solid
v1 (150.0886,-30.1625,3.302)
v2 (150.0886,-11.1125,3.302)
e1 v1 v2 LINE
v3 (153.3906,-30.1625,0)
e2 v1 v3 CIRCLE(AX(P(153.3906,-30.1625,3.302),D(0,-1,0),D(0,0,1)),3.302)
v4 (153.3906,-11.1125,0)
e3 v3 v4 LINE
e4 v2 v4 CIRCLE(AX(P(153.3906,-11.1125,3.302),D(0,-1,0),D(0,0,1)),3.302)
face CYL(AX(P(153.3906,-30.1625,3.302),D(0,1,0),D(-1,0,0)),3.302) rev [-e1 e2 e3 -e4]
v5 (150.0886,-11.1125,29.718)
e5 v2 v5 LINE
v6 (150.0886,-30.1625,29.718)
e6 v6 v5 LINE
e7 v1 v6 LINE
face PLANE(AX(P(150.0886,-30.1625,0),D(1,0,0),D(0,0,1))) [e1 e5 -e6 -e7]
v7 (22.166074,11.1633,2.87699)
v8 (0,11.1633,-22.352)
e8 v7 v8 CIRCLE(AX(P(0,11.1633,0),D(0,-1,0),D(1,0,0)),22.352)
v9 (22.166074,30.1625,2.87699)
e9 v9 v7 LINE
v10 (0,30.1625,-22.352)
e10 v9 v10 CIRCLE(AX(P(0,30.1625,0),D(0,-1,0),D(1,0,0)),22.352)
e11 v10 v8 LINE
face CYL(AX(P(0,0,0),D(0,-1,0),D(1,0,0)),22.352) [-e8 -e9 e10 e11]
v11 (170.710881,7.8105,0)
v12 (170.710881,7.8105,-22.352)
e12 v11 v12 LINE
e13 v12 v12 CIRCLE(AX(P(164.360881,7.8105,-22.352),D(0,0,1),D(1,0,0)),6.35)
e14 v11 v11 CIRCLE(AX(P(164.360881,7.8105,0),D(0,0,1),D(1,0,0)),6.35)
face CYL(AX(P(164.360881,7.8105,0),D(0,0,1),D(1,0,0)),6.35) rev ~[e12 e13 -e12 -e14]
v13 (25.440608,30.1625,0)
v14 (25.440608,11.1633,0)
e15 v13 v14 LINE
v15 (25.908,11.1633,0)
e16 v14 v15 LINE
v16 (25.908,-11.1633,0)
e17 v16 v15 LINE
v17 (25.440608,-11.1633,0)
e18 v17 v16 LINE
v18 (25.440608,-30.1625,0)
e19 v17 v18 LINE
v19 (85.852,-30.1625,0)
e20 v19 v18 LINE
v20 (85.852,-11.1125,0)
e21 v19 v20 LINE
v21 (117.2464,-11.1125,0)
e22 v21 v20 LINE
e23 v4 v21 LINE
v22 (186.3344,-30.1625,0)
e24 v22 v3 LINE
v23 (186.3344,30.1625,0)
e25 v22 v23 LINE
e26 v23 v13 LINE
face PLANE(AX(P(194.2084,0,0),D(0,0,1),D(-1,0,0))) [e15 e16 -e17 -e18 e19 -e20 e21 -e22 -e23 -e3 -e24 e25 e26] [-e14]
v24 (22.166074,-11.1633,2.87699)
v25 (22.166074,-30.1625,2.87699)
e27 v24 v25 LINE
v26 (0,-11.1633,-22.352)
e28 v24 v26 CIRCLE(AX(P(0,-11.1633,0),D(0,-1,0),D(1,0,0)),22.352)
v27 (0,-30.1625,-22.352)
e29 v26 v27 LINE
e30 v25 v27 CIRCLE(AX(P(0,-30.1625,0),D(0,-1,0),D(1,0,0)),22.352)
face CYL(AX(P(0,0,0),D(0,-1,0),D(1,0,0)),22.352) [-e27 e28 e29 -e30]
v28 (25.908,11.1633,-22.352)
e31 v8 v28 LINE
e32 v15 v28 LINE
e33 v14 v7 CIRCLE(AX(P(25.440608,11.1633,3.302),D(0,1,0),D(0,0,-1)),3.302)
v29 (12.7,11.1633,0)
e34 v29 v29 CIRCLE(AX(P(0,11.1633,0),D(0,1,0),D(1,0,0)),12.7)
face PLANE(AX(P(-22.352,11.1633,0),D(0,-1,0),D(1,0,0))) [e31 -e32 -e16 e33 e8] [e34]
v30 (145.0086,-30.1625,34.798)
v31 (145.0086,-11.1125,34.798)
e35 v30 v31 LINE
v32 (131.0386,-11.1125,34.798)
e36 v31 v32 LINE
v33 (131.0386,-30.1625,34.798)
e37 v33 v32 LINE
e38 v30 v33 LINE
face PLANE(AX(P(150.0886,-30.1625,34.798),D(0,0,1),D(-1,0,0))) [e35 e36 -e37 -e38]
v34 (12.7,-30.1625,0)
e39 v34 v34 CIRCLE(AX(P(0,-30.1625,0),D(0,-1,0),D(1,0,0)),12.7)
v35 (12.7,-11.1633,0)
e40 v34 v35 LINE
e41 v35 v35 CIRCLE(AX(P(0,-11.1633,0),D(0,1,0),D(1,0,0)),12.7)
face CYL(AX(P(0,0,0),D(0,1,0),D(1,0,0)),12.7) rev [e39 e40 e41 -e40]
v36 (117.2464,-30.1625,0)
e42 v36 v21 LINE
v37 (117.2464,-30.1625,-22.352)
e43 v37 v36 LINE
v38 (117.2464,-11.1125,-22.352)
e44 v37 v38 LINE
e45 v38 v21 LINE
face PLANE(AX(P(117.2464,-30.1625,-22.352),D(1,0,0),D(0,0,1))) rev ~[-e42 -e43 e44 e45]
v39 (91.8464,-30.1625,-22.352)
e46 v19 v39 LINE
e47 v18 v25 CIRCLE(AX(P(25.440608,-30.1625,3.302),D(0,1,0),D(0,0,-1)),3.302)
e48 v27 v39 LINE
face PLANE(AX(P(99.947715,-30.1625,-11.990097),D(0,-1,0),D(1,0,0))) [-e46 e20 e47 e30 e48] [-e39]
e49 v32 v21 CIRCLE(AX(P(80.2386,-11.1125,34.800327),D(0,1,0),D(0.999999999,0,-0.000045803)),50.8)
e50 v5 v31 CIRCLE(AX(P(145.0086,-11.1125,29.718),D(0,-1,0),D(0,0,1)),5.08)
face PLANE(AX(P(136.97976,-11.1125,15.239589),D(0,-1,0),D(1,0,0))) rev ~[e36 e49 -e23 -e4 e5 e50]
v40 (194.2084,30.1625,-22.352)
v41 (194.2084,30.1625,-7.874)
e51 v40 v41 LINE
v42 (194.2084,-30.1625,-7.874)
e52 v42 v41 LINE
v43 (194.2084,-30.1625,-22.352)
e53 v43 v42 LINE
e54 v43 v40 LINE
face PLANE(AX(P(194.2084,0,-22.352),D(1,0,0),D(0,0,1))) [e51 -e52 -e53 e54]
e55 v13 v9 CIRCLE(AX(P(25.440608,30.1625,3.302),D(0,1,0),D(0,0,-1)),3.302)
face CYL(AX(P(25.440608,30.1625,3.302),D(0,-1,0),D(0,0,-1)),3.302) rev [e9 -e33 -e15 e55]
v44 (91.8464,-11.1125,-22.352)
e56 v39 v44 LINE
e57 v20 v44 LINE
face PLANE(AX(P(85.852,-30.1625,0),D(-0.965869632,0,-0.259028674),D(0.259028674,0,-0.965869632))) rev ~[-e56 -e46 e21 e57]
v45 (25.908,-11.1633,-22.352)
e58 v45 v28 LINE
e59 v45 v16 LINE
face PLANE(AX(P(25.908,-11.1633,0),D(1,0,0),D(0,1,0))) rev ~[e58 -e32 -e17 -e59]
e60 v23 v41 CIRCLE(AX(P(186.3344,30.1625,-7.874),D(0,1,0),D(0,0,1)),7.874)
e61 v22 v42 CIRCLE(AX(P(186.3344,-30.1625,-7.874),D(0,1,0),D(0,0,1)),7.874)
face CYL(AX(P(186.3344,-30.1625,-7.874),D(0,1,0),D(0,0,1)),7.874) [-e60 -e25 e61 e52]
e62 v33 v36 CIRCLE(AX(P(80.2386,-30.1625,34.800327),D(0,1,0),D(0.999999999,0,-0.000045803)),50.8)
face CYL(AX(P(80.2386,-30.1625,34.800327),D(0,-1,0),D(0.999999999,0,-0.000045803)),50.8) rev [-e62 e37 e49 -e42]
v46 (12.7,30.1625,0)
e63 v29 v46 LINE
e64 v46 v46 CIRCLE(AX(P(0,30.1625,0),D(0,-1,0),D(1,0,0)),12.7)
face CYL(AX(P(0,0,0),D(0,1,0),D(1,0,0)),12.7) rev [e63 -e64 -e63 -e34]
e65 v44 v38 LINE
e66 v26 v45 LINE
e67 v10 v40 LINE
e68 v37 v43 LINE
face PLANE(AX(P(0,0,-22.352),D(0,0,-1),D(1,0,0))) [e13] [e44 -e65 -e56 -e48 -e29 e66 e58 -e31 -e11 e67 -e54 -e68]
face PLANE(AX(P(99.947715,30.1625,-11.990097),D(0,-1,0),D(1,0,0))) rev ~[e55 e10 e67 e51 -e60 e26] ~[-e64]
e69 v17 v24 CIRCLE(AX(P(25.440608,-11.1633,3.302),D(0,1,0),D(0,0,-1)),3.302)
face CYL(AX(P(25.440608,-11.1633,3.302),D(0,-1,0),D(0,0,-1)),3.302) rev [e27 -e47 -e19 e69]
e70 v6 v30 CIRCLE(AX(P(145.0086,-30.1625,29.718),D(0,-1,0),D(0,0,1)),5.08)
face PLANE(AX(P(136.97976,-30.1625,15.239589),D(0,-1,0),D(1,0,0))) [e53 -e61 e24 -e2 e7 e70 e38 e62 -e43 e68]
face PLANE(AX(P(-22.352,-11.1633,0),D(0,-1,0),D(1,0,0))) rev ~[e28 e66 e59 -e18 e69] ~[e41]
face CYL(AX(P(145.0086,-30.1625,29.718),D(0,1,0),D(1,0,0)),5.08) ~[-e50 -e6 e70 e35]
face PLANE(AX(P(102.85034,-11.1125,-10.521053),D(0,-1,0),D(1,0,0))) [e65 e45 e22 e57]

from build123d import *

# Parameters (mm, degrees)
F0_R     = 12.7
F1_DEPTH = 30.1625
F2_W     = 48.26
F2_H     = 22.3266
F3_DEPTH = 22.352
F5_DEPTH = 19.05
F7_DEPTH = 19.05
F8_R     = 6.35
F9_DEPTH = 22.353
F10_R    = 3.302
F11_R    = 7.874
F12_R    = 5.08


with BuildPart() as f1:
    # F0 (on Front) → F1 (new body, symmetric)
    with BuildSketch(Plane.XZ):
        with BuildLine():
            Line((194.2084, 0), (22.352, 0))
            ThreePointArc((22.352, 0), (15.8052507731, -15.8052507731), (0, -22.352))
            Line((0, -22.352), (194.2084, -22.352))
            Line((194.2084, -22.352), (194.2084, 0))
        make_face()
        with BuildLine():
            ThreePointArc((0, -22.352), (15.8052507731, -15.8052507731), (22.352, 0))
            ThreePointArc((22.352, 0), (-15.8052507731, 15.8052507731), (0, -22.352))
        make_face()
        Circle(F0_R, mode=Mode.SUBTRACT)
    extrude(amount=F1_DEPTH, both=True)

    # F2 (on Top) → F3 (cut, symmetric)
    with BuildSketch(Plane.XY):
        with Locations((1.778, 0)):
            Rectangle(F2_W, F2_H)
    extrude(amount=F3_DEPTH, both=True, mode=Mode.SUBTRACT)

    # F4 (on face) → F5 (cut)
    with BuildSketch(Plane.XZ.offset(30.1625)):
        Polygon((85.852, 0), (91.8464, -22.352), (117.2464, -22.352), (117.2464, 0), align=None)
    extrude(amount=-F5_DEPTH, mode=Mode.SUBTRACT)

    # F6 (on face) → F7 (join, through all)
    with BuildSketch(Plane.XZ.offset(30.1625)):
        with BuildLine():
            Line((117.2464, 0), (150.0886, 0))
            Line((150.0886, 0), (150.0886, 34.798))
            Line((150.0886, 34.798), (131.0386, 34.798))
            ThreePointArc((131.0386, 34.798), (127.4644153616, 16.0823576341), (117.2464, 0))
        make_face()
    extrude(amount=-F7_DEPTH)

    # F8 (on face) → F9 (cut, through all)
    with BuildSketch(Plane.XY):
        with Locations((164.3608808517, 7.8105)):
            Circle(F8_R)
    extrude(amount=-F9_DEPTH, mode=Mode.SUBTRACT)

    # F10
    f10_edges = [f1.edges().sort_by_distance(p)[0] for p in [
        (22.352, -20.6629, 0),
        (150.0886, -20.6375, 0),
        (22.352, 20.6629, 0),
    ]]
    fillet(f10_edges, radius=F10_R)

    # F11
    f11_edges = [f1.edges().sort_by_distance(p)[0] for p in [
        (194.2084, 0, 0),
    ]]
    fillet(f11_edges, radius=F11_R)

    # F12
    f12_edges = [f1.edges().sort_by_distance(p)[0] for p in [
        (150.0886, -20.6375, 34.798),
    ]]
    fillet(f12_edges, radius=F12_R)


solid = f1.part
